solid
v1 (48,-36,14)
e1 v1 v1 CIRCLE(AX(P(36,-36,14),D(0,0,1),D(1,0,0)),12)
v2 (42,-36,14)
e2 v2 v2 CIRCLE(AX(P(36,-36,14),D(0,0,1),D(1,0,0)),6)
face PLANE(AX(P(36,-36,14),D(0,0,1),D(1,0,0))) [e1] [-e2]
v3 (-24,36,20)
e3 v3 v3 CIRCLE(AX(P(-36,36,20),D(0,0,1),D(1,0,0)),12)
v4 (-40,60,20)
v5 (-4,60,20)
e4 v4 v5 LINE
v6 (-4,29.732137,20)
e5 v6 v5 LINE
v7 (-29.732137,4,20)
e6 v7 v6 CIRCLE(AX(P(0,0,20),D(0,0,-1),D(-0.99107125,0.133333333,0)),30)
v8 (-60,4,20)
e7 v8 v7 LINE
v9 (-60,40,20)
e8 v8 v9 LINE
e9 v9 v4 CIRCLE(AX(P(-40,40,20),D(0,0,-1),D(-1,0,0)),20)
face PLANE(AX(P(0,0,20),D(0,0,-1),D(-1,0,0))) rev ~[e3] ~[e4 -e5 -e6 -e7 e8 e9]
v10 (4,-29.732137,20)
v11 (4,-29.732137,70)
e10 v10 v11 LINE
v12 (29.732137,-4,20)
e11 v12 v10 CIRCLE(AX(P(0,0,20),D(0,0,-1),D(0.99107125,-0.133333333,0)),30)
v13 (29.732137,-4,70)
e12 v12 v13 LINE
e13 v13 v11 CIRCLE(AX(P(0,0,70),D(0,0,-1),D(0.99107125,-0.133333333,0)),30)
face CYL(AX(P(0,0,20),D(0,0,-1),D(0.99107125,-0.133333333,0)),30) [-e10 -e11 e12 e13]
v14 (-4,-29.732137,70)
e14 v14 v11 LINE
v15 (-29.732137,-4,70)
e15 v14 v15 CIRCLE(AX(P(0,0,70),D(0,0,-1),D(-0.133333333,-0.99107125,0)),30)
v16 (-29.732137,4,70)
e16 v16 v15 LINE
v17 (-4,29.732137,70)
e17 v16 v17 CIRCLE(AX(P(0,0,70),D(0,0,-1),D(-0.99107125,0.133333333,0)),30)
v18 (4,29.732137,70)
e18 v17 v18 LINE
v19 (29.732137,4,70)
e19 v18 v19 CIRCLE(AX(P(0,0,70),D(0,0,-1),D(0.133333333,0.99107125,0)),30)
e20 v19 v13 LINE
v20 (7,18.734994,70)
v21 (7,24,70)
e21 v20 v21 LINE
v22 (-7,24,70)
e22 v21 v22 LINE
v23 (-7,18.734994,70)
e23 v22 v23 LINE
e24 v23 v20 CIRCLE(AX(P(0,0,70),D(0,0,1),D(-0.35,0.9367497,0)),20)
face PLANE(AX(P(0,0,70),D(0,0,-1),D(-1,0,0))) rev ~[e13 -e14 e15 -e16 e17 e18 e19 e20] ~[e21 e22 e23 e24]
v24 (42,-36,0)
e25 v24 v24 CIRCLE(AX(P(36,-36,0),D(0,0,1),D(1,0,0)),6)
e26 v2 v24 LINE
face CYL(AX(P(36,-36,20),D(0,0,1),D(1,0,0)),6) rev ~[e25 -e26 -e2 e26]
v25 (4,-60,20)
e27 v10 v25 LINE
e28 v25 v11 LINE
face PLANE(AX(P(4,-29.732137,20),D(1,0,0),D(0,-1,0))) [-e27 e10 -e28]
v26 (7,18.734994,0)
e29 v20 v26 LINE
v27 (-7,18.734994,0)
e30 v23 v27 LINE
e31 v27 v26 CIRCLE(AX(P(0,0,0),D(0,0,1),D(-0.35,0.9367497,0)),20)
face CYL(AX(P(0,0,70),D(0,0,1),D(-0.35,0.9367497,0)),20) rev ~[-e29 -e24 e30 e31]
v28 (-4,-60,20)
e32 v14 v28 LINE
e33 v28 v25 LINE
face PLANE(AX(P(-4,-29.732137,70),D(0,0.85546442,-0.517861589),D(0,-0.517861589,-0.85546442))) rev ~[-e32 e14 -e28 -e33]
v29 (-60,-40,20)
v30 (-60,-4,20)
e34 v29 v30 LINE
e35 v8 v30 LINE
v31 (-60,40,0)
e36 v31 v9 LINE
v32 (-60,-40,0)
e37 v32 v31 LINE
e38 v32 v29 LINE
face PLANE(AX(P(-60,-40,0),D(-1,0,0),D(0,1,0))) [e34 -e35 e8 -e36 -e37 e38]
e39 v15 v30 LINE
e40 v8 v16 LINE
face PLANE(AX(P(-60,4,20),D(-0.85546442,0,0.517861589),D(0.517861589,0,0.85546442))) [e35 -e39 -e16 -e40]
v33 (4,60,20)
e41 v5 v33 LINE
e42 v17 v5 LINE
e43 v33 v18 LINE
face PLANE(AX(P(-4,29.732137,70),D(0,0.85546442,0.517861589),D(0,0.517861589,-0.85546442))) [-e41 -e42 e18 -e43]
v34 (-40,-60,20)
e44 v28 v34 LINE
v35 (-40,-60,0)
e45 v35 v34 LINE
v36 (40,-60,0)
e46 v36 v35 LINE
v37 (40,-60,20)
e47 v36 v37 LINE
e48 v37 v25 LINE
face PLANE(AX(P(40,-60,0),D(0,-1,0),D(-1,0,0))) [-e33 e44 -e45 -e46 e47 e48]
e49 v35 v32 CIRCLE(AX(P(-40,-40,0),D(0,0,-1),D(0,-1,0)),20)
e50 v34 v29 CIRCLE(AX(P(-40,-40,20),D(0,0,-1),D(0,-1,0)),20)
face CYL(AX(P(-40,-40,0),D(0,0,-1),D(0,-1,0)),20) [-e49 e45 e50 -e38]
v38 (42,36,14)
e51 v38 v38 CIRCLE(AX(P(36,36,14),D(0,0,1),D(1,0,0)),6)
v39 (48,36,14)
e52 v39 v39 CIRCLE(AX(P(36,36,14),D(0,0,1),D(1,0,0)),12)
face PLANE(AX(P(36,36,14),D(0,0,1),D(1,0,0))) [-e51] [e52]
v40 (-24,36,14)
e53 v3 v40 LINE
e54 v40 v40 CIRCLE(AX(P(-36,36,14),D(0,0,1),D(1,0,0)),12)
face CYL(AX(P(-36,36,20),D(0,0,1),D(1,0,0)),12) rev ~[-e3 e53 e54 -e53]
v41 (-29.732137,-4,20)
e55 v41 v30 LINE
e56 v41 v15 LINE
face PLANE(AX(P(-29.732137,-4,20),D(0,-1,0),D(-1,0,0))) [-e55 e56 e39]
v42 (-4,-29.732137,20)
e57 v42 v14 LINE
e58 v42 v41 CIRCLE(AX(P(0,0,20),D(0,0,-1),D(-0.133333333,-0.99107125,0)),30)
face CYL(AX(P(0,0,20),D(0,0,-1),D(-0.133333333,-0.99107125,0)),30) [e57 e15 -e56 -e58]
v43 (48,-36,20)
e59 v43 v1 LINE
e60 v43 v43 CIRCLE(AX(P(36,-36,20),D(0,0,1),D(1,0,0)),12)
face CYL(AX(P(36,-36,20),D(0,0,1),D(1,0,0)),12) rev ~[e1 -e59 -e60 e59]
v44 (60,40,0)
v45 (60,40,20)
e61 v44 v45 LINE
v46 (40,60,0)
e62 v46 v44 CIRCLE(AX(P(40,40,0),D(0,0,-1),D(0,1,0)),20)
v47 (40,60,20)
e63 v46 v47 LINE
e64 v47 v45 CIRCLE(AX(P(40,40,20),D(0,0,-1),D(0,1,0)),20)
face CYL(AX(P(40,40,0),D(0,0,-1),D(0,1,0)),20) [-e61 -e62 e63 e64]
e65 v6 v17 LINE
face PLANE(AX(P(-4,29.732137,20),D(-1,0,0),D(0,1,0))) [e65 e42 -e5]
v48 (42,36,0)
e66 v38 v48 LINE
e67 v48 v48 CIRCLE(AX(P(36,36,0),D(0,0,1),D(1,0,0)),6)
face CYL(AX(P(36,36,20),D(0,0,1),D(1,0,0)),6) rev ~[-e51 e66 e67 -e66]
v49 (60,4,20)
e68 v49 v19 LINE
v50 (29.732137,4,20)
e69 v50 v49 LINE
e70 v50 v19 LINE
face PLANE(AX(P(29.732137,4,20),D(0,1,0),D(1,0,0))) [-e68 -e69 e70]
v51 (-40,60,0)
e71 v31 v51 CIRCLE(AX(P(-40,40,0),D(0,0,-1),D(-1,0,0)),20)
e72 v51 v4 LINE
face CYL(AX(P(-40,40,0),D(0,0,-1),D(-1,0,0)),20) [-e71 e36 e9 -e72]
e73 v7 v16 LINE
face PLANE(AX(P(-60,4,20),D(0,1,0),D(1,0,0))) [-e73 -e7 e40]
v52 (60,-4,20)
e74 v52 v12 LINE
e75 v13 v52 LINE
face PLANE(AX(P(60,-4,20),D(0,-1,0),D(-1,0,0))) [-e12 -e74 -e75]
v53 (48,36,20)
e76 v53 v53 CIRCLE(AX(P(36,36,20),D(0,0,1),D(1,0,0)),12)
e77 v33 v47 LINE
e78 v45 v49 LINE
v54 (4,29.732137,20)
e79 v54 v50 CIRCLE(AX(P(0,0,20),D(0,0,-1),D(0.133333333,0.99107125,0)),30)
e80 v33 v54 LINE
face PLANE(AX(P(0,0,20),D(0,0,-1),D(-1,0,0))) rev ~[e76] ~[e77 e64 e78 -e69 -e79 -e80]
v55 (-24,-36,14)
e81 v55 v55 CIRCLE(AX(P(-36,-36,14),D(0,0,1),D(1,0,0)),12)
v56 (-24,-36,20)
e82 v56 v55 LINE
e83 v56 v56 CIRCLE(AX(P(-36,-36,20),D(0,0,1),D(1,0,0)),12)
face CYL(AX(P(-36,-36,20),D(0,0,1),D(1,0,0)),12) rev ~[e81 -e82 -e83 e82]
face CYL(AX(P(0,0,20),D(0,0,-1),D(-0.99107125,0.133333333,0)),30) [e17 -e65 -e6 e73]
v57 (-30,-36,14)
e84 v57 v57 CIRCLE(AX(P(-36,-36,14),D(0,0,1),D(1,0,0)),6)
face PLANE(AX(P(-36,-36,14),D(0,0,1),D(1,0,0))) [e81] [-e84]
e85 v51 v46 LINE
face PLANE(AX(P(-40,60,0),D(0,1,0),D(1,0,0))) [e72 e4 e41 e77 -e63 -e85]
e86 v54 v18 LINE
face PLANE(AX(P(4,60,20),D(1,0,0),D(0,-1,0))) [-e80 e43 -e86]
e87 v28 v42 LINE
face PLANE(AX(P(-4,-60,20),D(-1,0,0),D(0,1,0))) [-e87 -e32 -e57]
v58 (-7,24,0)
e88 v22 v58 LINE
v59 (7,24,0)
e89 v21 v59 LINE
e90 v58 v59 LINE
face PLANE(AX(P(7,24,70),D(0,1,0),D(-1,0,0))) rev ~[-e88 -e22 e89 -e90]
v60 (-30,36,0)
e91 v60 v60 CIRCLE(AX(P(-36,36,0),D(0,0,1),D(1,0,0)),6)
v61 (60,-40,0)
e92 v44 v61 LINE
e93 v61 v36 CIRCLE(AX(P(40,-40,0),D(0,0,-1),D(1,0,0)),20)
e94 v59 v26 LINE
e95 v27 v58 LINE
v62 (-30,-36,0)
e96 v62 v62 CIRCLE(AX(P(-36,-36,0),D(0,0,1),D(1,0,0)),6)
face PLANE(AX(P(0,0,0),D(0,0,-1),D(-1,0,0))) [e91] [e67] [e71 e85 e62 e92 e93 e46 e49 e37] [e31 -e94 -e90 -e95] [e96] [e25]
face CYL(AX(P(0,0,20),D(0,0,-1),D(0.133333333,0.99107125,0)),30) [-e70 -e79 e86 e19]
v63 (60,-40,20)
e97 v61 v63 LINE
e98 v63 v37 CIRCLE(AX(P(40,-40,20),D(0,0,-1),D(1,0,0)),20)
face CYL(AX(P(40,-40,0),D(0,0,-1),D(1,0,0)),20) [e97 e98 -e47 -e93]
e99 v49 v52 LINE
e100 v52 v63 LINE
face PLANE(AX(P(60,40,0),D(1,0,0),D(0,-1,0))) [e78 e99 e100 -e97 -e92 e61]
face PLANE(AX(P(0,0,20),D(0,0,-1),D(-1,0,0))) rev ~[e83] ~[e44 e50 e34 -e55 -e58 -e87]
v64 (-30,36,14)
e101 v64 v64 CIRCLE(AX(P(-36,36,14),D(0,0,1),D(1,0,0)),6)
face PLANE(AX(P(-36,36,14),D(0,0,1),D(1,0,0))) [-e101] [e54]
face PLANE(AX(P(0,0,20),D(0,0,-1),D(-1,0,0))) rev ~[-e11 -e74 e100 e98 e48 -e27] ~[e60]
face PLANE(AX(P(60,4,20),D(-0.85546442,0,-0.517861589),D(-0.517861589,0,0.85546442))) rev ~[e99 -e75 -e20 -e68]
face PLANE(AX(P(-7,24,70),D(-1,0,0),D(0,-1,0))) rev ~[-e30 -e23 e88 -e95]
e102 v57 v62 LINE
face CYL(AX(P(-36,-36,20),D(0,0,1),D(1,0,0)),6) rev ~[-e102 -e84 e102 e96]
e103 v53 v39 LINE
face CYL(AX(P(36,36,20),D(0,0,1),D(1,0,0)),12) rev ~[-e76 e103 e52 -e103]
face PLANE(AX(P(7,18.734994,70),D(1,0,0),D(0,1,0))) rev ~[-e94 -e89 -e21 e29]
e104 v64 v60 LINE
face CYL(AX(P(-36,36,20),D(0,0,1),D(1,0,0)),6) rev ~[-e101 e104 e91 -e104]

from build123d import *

# Parameters (mm, degrees)
Y_KSEKLIK_EKSTR_ZYON1_DEPTH = 20
IZIM2_R                     = 12
KES_EKSTR_ZYON1_DEPTH       = 6
IZIM3_R                     = 6
KES_EKSTR_ZYON2_DEPTH       = 88.177978871
Y_KSEKLIK_EKSTR_ZYON2_DEPTH = 50
KES_EKSTR_ZYON3_DEPTH       = 111
KES_EKSTR_ZYON4_DEPTH       = 113.231902773
KES_EKSTR_ZYON5_DEPTH       = 113.231902773
KES_EKSTR_ZYON6_DEPTH       = 113.231902773


with BuildPart() as part:
    # Çizim1 → Yükseklik-Ekstrüzyon1 (new body)
    with BuildSketch(Plane.XY):
        with BuildLine():
            Line((40, -60), (-40, -60))
            ThreePointArc((-40, -60), (-54.142135624, -54.142135624), (-60, -40))
            Line((-60, -40), (-60, 40))
            ThreePointArc((-60, 40), (-54.142135624, 54.142135624), (-40, 60))
            Line((-40, 60), (40, 60))
            ThreePointArc((40, 60), (54.142135624, 54.142135624), (60, 40))
            Line((60, 40), (60, -40))
            ThreePointArc((60, -40), (54.142135624, -54.142135624), (40, -60))
        make_face()
    extrude(amount=Y_KSEKLIK_EKSTR_ZYON1_DEPTH)

    # Çizim2 → Kes-Ekstrüzyon1 (cut)
    with BuildSketch(Plane.XY.offset(20)):
        with Locations((-36, 36)):
            Circle(IZIM2_R)
        with Locations((36, 36)):
            Circle(IZIM2_R)
        with Locations((-36, -36)):
            Circle(IZIM2_R)
        with Locations((36, -36)):
            Circle(IZIM2_R)
    extrude(amount=-KES_EKSTR_ZYON1_DEPTH, mode=Mode.SUBTRACT)

    # Çizim3 → Kes-Ekstrüzyon2 (cut, through all)
    with BuildSketch(Plane.XY.offset(20)):
        with Locations((-36, 36)):
            Circle(IZIM3_R)
        with Locations((36, 36)):
            Circle(IZIM3_R)
        with Locations((36, -36)):
            Circle(IZIM3_R)
        with Locations((-36, -36)):
            Circle(IZIM3_R)
    extrude(amount=-KES_EKSTR_ZYON2_DEPTH, mode=Mode.SUBTRACT)

    # Çizim4 → Yükseklik-Ekstrüzyon2 (add)
    with BuildSketch(Plane.XY.offset(20)):
        with BuildLine():
            Line((4, -60), (-4, -60))
            Line((-4, -60), (-4, -29.732137495))
            ThreePointArc((-4, -29.732137495), (-21.213203436, -21.213203436), (-29.732137495, -4))
            Line((-29.732137495, -4), (-60, -4))
            Line((-60, -4), (-60, 4))
            Line((-60, 4), (-29.732137495, 4))
            ThreePointArc((-29.732137495, 4), (-21.213203436, 21.213203436), (-4, 29.732137495))
            Line((-4, 29.732137495), (-4, 60))
            Line((-4, 60), (4, 60))
            Line((4, 60), (4, 29.732137495))
            ThreePointArc((4, 29.732137495), (21.213203436, 21.213203436), (29.732137495, 4))
            Line((29.732137495, 4), (60, 4))
            Line((60, 4), (60, -4))
            Line((60, -4), (29.732137495, -4))
            ThreePointArc((29.732137495, -4), (21.213203436, -21.213203436), (4, -29.732137495))
            Line((4, -29.732137495), (4, -60))
        make_face()
    extrude(amount=Y_KSEKLIK_EKSTR_ZYON2_DEPTH)

    # Çizim5 → Kes-Ekstrüzyon3 (cut, through all)
    with BuildSketch(Plane.XY.offset(70)):
        with BuildLine():
            Line((7, 18.734993995), (7, 24))
            Line((7, 24), (-7, 24))
            Line((-7, 24), (-7, 18.734993995))
            ThreePointArc((-7, 18.734993995), (0, -20), (7, 18.734993995))
        make_face()
    extrude(amount=-KES_EKSTR_ZYON3_DEPTH, mode=Mode.SUBTRACT)

    # Çizim6 → Kes-Ekstrüzyon4 (cut, through all)
    with BuildSketch(Plane.ZY.offset(4)):
        Polygon((70, 60), (70, 29.732137495), (20, 60), align=None)
    extrude(amount=-KES_EKSTR_ZYON4_DEPTH, mode=Mode.SUBTRACT)

    # Çizim7 → Kes-Ekstrüzyon5 (cut, through all)
    with BuildSketch(Plane.ZY.offset(4)):
        Polygon((70, -29.732137495), (20, -60), (70, -60), align=None)
    extrude(amount=-KES_EKSTR_ZYON5_DEPTH, mode=Mode.SUBTRACT)

    # Çizim8 → Kes-Ekstrüzyon6 (cut, through all)
    with BuildSketch(Plane(origin=(0, 4, 0), x_dir=(1, 0, 0), z_dir=(0, 1, 0))):
        Polygon((-60, -20), (-29.732137495, -70), (-60, -70), align=None)
        Polygon((60, -20), (29.732137495, -70), (60, -70), align=None)
    extrude(amount=-KES_EKSTR_ZYON6_DEPTH, mode=Mode.SUBTRACT)


solid = part.part
